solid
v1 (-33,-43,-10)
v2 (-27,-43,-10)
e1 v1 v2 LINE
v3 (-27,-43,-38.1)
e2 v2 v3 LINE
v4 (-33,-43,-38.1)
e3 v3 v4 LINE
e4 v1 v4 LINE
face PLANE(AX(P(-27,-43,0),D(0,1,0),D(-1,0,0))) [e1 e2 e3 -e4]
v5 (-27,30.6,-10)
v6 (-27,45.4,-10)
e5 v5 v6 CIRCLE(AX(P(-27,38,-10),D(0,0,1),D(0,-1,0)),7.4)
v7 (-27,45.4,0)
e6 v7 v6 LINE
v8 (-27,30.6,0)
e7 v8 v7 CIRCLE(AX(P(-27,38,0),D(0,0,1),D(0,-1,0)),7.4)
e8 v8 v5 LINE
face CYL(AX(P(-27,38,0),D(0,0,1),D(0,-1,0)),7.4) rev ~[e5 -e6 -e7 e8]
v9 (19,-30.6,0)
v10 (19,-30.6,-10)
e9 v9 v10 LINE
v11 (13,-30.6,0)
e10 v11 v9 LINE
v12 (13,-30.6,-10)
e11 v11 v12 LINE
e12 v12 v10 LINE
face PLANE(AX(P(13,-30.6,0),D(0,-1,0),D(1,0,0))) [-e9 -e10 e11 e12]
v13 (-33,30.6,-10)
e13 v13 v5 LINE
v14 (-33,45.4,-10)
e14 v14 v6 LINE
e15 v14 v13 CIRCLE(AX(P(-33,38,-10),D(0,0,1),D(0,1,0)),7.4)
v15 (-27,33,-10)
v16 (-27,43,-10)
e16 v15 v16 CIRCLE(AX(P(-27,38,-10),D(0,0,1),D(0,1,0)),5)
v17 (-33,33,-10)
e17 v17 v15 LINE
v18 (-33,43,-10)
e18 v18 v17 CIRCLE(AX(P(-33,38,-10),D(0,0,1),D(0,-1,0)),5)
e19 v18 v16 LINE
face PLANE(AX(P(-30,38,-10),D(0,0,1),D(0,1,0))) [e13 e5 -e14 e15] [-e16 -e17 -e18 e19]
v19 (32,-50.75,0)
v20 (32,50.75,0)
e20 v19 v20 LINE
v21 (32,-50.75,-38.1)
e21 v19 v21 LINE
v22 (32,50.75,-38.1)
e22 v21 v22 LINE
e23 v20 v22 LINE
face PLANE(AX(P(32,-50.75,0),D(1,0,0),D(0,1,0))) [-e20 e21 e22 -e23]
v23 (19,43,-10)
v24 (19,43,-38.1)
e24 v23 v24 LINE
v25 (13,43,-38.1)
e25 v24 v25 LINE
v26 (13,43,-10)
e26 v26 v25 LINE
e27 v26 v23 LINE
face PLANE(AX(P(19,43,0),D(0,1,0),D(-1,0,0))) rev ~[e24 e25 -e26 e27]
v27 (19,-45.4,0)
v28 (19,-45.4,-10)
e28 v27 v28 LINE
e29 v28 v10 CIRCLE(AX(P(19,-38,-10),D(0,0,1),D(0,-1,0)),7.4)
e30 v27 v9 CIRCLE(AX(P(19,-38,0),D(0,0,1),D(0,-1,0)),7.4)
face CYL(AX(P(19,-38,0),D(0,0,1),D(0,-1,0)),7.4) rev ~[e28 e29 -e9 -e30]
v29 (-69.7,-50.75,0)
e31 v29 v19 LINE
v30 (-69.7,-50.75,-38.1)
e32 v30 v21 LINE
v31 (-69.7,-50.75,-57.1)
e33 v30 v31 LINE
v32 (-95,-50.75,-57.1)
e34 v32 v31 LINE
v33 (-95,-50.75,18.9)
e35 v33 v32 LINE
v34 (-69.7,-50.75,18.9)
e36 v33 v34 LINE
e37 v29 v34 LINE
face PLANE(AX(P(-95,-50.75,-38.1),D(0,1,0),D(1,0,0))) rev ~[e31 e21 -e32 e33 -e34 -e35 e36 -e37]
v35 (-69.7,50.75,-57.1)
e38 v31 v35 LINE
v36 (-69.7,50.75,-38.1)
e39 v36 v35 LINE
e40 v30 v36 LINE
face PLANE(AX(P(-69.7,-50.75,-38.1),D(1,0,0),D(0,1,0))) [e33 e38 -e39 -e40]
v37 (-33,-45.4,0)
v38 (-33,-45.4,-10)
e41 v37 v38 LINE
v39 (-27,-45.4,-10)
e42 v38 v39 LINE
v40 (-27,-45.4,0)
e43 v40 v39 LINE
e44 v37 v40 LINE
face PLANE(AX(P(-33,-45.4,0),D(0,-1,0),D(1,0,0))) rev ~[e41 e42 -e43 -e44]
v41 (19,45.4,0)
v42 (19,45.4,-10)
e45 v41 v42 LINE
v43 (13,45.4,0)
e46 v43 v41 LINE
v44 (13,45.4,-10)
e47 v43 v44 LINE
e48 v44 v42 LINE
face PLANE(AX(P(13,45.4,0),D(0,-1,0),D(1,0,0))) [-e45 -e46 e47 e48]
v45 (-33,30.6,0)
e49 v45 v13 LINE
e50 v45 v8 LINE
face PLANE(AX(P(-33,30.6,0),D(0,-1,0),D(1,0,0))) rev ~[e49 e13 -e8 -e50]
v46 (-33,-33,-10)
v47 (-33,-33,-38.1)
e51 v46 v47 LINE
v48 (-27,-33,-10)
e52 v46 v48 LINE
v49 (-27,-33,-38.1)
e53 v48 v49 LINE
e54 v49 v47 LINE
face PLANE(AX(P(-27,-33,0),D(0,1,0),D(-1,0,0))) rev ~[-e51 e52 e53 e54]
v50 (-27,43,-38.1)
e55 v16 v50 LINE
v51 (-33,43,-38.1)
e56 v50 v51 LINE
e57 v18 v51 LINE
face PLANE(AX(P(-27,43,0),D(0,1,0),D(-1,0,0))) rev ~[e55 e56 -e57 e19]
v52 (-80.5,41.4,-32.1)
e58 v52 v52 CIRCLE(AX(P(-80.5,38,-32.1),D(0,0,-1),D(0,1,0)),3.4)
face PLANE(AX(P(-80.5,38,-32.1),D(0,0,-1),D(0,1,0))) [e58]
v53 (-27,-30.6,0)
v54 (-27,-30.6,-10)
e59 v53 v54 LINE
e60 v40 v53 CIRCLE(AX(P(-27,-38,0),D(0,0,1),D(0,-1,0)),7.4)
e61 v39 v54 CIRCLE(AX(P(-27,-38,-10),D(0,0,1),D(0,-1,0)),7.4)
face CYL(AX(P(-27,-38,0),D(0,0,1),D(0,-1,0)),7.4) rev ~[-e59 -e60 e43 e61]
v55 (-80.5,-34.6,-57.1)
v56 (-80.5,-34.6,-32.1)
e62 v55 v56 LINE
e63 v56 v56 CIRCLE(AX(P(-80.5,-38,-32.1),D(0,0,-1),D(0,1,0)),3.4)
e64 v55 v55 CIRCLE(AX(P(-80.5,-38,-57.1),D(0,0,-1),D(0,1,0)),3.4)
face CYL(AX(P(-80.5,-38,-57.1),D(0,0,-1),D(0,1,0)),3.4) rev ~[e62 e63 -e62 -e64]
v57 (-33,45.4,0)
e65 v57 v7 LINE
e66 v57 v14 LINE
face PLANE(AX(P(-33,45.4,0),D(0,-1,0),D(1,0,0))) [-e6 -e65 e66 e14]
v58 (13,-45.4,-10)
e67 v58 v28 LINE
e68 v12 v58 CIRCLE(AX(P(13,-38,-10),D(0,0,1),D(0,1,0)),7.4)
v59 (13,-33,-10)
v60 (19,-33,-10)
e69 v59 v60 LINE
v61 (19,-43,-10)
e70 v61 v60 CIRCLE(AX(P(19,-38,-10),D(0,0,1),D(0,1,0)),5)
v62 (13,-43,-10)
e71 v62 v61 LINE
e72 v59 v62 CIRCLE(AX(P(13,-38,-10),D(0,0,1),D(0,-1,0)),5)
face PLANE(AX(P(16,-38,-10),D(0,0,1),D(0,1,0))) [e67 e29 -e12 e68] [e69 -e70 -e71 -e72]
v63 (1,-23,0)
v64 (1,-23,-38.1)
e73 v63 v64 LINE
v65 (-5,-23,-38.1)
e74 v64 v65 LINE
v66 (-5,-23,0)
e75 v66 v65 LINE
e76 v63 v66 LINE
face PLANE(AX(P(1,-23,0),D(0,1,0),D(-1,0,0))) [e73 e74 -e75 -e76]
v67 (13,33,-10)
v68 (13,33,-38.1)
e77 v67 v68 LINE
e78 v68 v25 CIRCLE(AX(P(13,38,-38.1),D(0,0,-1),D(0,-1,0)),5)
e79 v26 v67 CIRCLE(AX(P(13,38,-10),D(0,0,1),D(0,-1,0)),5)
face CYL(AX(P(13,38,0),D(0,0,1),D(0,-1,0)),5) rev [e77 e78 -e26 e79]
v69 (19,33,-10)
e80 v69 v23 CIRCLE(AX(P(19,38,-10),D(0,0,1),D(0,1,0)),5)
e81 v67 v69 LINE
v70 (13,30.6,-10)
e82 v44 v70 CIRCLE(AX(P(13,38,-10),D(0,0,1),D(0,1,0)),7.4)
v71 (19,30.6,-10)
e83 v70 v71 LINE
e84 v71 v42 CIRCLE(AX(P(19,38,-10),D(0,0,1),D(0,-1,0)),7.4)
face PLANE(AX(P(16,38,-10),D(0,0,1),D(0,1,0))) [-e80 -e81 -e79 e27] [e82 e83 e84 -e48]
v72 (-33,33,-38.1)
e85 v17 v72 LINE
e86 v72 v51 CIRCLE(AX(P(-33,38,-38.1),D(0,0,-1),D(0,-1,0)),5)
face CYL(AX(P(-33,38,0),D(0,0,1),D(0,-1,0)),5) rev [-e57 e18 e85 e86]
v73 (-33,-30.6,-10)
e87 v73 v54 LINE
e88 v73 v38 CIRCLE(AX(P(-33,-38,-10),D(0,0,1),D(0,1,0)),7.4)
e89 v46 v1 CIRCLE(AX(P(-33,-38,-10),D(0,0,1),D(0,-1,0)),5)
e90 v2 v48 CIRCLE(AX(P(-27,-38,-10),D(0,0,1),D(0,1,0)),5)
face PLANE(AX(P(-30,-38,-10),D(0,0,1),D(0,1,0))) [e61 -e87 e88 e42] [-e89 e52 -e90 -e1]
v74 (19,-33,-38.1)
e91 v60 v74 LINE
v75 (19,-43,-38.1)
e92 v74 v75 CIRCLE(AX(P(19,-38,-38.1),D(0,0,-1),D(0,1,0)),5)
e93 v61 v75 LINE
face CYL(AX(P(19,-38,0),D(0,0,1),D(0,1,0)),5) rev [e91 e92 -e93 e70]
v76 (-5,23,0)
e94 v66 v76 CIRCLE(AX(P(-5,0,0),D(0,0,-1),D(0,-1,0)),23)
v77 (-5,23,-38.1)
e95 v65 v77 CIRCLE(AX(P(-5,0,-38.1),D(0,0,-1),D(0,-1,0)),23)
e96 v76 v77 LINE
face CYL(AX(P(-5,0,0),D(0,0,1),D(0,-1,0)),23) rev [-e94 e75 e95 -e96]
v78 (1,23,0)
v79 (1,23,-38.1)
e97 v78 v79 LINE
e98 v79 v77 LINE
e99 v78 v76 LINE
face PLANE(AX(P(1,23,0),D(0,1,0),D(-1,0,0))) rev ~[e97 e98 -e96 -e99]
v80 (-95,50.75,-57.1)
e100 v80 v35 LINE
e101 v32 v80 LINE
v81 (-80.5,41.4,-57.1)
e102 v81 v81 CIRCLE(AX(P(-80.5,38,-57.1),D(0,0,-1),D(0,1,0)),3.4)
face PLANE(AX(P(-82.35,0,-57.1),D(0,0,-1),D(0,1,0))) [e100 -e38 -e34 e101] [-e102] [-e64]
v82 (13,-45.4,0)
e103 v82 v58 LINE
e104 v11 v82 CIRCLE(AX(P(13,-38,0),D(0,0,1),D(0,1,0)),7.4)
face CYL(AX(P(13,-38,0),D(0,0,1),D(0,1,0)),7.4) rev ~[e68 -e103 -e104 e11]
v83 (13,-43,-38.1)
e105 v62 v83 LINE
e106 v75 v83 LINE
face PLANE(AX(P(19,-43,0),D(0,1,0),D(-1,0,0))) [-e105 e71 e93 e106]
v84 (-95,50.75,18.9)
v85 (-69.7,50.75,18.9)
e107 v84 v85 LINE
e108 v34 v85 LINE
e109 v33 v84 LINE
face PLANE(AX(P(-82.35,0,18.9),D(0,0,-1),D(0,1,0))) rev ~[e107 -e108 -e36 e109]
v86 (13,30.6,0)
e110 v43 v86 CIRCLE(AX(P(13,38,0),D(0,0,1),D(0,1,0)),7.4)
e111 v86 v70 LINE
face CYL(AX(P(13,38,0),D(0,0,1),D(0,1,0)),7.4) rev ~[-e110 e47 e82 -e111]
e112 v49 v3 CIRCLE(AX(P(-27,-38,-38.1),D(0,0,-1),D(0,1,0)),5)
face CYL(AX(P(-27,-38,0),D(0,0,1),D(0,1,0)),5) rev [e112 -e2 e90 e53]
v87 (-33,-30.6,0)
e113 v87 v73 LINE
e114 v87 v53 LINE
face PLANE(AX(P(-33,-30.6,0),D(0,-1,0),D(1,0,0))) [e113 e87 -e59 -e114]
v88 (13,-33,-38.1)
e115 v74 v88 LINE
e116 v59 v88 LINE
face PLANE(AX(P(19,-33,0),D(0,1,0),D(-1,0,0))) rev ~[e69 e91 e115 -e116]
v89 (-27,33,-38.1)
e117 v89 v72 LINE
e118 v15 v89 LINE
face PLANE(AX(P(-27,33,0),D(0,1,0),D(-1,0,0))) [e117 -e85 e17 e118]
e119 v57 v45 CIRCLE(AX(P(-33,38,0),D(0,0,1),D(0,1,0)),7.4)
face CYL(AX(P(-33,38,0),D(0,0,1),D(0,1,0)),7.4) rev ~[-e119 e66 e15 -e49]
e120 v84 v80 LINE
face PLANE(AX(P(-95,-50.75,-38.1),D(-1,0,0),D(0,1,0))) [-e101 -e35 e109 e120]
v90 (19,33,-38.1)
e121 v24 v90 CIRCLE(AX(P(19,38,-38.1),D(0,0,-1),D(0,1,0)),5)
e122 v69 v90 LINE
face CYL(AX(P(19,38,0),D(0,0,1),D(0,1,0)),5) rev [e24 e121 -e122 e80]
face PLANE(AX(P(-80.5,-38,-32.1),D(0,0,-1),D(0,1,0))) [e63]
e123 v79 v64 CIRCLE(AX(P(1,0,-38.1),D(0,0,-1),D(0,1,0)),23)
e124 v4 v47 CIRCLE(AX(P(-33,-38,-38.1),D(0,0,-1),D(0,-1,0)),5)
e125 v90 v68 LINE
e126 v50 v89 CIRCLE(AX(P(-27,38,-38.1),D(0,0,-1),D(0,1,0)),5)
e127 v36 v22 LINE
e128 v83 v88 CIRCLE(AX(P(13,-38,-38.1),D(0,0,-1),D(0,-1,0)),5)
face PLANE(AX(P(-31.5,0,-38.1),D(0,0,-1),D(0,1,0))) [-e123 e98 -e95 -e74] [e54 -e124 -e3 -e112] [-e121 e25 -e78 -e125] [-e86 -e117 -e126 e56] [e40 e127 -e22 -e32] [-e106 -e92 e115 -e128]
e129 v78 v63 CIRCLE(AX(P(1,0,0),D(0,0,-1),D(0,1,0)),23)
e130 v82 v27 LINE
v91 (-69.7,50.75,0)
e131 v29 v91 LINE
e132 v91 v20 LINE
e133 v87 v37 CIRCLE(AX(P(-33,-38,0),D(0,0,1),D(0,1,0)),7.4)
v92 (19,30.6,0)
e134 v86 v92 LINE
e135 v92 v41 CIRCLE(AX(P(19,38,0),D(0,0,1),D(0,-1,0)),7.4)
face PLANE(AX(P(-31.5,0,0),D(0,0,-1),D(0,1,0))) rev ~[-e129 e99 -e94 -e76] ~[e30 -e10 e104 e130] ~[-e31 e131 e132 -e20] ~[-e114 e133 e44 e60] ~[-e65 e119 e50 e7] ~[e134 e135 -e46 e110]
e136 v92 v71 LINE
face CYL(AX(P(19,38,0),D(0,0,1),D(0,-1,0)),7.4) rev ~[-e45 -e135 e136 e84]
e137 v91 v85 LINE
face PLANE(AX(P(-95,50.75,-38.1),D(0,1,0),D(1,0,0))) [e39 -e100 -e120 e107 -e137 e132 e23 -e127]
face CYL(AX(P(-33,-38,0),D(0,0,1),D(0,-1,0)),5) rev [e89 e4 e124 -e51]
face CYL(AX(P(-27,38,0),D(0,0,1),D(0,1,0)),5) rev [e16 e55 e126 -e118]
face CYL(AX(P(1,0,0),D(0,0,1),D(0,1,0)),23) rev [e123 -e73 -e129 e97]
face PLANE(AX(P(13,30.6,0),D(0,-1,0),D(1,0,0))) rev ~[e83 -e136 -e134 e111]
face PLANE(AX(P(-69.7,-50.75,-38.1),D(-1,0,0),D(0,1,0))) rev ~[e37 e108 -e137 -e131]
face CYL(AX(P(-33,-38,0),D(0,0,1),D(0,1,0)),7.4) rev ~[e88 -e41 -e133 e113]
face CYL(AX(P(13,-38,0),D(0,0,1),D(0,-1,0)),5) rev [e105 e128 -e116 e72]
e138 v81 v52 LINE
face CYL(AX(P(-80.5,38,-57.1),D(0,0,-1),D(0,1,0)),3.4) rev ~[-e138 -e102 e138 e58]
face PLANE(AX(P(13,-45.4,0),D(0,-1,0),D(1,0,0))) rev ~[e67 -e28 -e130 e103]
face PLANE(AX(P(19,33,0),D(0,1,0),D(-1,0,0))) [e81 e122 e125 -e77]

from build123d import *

# Parameters (mm, degrees)
SKETCH_W              = 101.5
SKETCH_H              = 127
PAD_DEPTH             = 38.1
SKETCH001_W           = 101.5
SKETCH001_H           = 25.3
PAD001_DEPTH          = 19
PAD001_DEPTH_BACK     = 57
SKETCH002_R           = 3.4
POCKET_DEPTH          = 25
POCKET001_DEPTH       = 10
CLONE_ROLL_ANGLE      = 180
CLONE_PLACEMENT_ANGLE = 90


with BuildPart() as part:
    # Sketch → Pad (new body)
    with BuildSketch(Plane.XY):
        with Locations((0, -31.5)):
            Rectangle(SKETCH_W, SKETCH_H)
        with BuildLine():
            ThreePointArc((23, 1), (0, 24), (-23, 1))
            Line((-23, 1), (-23, -5))
            ThreePointArc((-23, -5), (0, -28), (23, -5))
            Line((23, 1), (23, -5))
        make_face(mode=Mode.SUBTRACT)
        with BuildLine():
            ThreePointArc((-33, 19), (-38, 24), (-43, 19))
            Line((-43, 19), (-43, 13))
            ThreePointArc((-43, 13), (-38, 8), (-33, 13))
            Line((-33, 19), (-33, 13))
        make_face(mode=Mode.SUBTRACT)
        with BuildLine():
            ThreePointArc((43, 19), (38, 24), (33, 19))
            Line((33, 19), (33, 13))
            ThreePointArc((33, 13), (38, 8), (43, 13))
            Line((43, 19), (43, 13))
        make_face(mode=Mode.SUBTRACT)
        with BuildLine():
            ThreePointArc((43, -27), (38, -22), (33, -27))
            Line((33, -27), (33, -33))
            ThreePointArc((33, -33), (38, -38), (43, -33))
            Line((43, -27), (43, -33))
        make_face(mode=Mode.SUBTRACT)
        with BuildLine():
            ThreePointArc((-33, -27), (-38, -22), (-43, -27))
            Line((-43, -27), (-43, -33))
            ThreePointArc((-43, -33), (-38, -38), (-33, -33))
            Line((-33, -27), (-33, -33))
        make_face(mode=Mode.SUBTRACT)
    extrude(amount=PAD_DEPTH)

    # Sketch001 (on Face26 of Pad) → Pad001 (join, two sides)
    with BuildSketch(Plane.XY.offset(38.1)) as pad001_sk:
        with Locations((0, -82.35)):
            Rectangle(SKETCH001_W, SKETCH001_H)
    extrude(amount=PAD001_DEPTH)
    extrude(pad001_sk.sketch, amount=-PAD001_DEPTH_BACK)

    # Sketch002 (on Face36 of Pad001) → Pocket (cut)
    with BuildSketch(Plane.XY.offset(57.1)):
        with Locations((-38, -80.5)):
            Circle(SKETCH002_R)
        with Locations((38, -80.5)):
            Circle(SKETCH002_R)
    extrude(amount=-POCKET_DEPTH, mode=Mode.SUBTRACT)

    # Sketch003 (on Face4 of Pocket) → Pocket001 (cut)
    with BuildSketch(Plane(origin=(0, 0, 0), x_dir=(1, 0, 0), z_dir=(0, 0, -1))):
        with BuildLine():
            ThreePointArc((-30.6, 33), (-38, 40.4), (-45.4, 33))
            Line((-45.4, 33), (-45.4, 27))
            ThreePointArc((-45.4, 27), (-38, 19.6), (-30.6, 27))
            Line((-30.6, 33), (-30.6, 27))
        make_face()
        with BuildLine():
            ThreePointArc((45.4, 33), (38, 40.4), (30.6, 33))
            Line((30.6, 33), (30.6, 27))
            ThreePointArc((30.6, 27), (38, 19.6), (45.4, 27))
            Line((45.4, 33), (45.4, 27))
        make_face()
        with BuildLine():
            ThreePointArc((45.4, -13), (38, -5.6), (30.6, -13))
            Line((30.6, -13), (30.6, -19))
            ThreePointArc((30.6, -19), (38, -26.4), (45.4, -19))
            Line((45.4, -13), (45.4, -19))
        make_face()
        with BuildLine():
            ThreePointArc((-30.6, -13), (-38, -5.6), (-45.4, -13))
            Line((-45.4, -13), (-45.4, -19))
            ThreePointArc((-45.4, -19), (-38, -26.4), (-30.6, -19))
            Line((-30.6, -13), (-30.6, -19))
        make_face()
    extrude(amount=-POCKET001_DEPTH, mode=Mode.SUBTRACT)


with BuildPart() as part_1:
    # Clone roll: moved
    add(part.part.rotate(Axis((0, 0, 0), (1, 0, 0)), CLONE_ROLL_ANGLE))


with BuildPart() as part_2:
    # Clone placement: moved
    add(part_1.part.rotate(Axis((0, 0, 0), (0, 0, 1)), CLONE_PLACEMENT_ANGLE))


solid = part_2.part
